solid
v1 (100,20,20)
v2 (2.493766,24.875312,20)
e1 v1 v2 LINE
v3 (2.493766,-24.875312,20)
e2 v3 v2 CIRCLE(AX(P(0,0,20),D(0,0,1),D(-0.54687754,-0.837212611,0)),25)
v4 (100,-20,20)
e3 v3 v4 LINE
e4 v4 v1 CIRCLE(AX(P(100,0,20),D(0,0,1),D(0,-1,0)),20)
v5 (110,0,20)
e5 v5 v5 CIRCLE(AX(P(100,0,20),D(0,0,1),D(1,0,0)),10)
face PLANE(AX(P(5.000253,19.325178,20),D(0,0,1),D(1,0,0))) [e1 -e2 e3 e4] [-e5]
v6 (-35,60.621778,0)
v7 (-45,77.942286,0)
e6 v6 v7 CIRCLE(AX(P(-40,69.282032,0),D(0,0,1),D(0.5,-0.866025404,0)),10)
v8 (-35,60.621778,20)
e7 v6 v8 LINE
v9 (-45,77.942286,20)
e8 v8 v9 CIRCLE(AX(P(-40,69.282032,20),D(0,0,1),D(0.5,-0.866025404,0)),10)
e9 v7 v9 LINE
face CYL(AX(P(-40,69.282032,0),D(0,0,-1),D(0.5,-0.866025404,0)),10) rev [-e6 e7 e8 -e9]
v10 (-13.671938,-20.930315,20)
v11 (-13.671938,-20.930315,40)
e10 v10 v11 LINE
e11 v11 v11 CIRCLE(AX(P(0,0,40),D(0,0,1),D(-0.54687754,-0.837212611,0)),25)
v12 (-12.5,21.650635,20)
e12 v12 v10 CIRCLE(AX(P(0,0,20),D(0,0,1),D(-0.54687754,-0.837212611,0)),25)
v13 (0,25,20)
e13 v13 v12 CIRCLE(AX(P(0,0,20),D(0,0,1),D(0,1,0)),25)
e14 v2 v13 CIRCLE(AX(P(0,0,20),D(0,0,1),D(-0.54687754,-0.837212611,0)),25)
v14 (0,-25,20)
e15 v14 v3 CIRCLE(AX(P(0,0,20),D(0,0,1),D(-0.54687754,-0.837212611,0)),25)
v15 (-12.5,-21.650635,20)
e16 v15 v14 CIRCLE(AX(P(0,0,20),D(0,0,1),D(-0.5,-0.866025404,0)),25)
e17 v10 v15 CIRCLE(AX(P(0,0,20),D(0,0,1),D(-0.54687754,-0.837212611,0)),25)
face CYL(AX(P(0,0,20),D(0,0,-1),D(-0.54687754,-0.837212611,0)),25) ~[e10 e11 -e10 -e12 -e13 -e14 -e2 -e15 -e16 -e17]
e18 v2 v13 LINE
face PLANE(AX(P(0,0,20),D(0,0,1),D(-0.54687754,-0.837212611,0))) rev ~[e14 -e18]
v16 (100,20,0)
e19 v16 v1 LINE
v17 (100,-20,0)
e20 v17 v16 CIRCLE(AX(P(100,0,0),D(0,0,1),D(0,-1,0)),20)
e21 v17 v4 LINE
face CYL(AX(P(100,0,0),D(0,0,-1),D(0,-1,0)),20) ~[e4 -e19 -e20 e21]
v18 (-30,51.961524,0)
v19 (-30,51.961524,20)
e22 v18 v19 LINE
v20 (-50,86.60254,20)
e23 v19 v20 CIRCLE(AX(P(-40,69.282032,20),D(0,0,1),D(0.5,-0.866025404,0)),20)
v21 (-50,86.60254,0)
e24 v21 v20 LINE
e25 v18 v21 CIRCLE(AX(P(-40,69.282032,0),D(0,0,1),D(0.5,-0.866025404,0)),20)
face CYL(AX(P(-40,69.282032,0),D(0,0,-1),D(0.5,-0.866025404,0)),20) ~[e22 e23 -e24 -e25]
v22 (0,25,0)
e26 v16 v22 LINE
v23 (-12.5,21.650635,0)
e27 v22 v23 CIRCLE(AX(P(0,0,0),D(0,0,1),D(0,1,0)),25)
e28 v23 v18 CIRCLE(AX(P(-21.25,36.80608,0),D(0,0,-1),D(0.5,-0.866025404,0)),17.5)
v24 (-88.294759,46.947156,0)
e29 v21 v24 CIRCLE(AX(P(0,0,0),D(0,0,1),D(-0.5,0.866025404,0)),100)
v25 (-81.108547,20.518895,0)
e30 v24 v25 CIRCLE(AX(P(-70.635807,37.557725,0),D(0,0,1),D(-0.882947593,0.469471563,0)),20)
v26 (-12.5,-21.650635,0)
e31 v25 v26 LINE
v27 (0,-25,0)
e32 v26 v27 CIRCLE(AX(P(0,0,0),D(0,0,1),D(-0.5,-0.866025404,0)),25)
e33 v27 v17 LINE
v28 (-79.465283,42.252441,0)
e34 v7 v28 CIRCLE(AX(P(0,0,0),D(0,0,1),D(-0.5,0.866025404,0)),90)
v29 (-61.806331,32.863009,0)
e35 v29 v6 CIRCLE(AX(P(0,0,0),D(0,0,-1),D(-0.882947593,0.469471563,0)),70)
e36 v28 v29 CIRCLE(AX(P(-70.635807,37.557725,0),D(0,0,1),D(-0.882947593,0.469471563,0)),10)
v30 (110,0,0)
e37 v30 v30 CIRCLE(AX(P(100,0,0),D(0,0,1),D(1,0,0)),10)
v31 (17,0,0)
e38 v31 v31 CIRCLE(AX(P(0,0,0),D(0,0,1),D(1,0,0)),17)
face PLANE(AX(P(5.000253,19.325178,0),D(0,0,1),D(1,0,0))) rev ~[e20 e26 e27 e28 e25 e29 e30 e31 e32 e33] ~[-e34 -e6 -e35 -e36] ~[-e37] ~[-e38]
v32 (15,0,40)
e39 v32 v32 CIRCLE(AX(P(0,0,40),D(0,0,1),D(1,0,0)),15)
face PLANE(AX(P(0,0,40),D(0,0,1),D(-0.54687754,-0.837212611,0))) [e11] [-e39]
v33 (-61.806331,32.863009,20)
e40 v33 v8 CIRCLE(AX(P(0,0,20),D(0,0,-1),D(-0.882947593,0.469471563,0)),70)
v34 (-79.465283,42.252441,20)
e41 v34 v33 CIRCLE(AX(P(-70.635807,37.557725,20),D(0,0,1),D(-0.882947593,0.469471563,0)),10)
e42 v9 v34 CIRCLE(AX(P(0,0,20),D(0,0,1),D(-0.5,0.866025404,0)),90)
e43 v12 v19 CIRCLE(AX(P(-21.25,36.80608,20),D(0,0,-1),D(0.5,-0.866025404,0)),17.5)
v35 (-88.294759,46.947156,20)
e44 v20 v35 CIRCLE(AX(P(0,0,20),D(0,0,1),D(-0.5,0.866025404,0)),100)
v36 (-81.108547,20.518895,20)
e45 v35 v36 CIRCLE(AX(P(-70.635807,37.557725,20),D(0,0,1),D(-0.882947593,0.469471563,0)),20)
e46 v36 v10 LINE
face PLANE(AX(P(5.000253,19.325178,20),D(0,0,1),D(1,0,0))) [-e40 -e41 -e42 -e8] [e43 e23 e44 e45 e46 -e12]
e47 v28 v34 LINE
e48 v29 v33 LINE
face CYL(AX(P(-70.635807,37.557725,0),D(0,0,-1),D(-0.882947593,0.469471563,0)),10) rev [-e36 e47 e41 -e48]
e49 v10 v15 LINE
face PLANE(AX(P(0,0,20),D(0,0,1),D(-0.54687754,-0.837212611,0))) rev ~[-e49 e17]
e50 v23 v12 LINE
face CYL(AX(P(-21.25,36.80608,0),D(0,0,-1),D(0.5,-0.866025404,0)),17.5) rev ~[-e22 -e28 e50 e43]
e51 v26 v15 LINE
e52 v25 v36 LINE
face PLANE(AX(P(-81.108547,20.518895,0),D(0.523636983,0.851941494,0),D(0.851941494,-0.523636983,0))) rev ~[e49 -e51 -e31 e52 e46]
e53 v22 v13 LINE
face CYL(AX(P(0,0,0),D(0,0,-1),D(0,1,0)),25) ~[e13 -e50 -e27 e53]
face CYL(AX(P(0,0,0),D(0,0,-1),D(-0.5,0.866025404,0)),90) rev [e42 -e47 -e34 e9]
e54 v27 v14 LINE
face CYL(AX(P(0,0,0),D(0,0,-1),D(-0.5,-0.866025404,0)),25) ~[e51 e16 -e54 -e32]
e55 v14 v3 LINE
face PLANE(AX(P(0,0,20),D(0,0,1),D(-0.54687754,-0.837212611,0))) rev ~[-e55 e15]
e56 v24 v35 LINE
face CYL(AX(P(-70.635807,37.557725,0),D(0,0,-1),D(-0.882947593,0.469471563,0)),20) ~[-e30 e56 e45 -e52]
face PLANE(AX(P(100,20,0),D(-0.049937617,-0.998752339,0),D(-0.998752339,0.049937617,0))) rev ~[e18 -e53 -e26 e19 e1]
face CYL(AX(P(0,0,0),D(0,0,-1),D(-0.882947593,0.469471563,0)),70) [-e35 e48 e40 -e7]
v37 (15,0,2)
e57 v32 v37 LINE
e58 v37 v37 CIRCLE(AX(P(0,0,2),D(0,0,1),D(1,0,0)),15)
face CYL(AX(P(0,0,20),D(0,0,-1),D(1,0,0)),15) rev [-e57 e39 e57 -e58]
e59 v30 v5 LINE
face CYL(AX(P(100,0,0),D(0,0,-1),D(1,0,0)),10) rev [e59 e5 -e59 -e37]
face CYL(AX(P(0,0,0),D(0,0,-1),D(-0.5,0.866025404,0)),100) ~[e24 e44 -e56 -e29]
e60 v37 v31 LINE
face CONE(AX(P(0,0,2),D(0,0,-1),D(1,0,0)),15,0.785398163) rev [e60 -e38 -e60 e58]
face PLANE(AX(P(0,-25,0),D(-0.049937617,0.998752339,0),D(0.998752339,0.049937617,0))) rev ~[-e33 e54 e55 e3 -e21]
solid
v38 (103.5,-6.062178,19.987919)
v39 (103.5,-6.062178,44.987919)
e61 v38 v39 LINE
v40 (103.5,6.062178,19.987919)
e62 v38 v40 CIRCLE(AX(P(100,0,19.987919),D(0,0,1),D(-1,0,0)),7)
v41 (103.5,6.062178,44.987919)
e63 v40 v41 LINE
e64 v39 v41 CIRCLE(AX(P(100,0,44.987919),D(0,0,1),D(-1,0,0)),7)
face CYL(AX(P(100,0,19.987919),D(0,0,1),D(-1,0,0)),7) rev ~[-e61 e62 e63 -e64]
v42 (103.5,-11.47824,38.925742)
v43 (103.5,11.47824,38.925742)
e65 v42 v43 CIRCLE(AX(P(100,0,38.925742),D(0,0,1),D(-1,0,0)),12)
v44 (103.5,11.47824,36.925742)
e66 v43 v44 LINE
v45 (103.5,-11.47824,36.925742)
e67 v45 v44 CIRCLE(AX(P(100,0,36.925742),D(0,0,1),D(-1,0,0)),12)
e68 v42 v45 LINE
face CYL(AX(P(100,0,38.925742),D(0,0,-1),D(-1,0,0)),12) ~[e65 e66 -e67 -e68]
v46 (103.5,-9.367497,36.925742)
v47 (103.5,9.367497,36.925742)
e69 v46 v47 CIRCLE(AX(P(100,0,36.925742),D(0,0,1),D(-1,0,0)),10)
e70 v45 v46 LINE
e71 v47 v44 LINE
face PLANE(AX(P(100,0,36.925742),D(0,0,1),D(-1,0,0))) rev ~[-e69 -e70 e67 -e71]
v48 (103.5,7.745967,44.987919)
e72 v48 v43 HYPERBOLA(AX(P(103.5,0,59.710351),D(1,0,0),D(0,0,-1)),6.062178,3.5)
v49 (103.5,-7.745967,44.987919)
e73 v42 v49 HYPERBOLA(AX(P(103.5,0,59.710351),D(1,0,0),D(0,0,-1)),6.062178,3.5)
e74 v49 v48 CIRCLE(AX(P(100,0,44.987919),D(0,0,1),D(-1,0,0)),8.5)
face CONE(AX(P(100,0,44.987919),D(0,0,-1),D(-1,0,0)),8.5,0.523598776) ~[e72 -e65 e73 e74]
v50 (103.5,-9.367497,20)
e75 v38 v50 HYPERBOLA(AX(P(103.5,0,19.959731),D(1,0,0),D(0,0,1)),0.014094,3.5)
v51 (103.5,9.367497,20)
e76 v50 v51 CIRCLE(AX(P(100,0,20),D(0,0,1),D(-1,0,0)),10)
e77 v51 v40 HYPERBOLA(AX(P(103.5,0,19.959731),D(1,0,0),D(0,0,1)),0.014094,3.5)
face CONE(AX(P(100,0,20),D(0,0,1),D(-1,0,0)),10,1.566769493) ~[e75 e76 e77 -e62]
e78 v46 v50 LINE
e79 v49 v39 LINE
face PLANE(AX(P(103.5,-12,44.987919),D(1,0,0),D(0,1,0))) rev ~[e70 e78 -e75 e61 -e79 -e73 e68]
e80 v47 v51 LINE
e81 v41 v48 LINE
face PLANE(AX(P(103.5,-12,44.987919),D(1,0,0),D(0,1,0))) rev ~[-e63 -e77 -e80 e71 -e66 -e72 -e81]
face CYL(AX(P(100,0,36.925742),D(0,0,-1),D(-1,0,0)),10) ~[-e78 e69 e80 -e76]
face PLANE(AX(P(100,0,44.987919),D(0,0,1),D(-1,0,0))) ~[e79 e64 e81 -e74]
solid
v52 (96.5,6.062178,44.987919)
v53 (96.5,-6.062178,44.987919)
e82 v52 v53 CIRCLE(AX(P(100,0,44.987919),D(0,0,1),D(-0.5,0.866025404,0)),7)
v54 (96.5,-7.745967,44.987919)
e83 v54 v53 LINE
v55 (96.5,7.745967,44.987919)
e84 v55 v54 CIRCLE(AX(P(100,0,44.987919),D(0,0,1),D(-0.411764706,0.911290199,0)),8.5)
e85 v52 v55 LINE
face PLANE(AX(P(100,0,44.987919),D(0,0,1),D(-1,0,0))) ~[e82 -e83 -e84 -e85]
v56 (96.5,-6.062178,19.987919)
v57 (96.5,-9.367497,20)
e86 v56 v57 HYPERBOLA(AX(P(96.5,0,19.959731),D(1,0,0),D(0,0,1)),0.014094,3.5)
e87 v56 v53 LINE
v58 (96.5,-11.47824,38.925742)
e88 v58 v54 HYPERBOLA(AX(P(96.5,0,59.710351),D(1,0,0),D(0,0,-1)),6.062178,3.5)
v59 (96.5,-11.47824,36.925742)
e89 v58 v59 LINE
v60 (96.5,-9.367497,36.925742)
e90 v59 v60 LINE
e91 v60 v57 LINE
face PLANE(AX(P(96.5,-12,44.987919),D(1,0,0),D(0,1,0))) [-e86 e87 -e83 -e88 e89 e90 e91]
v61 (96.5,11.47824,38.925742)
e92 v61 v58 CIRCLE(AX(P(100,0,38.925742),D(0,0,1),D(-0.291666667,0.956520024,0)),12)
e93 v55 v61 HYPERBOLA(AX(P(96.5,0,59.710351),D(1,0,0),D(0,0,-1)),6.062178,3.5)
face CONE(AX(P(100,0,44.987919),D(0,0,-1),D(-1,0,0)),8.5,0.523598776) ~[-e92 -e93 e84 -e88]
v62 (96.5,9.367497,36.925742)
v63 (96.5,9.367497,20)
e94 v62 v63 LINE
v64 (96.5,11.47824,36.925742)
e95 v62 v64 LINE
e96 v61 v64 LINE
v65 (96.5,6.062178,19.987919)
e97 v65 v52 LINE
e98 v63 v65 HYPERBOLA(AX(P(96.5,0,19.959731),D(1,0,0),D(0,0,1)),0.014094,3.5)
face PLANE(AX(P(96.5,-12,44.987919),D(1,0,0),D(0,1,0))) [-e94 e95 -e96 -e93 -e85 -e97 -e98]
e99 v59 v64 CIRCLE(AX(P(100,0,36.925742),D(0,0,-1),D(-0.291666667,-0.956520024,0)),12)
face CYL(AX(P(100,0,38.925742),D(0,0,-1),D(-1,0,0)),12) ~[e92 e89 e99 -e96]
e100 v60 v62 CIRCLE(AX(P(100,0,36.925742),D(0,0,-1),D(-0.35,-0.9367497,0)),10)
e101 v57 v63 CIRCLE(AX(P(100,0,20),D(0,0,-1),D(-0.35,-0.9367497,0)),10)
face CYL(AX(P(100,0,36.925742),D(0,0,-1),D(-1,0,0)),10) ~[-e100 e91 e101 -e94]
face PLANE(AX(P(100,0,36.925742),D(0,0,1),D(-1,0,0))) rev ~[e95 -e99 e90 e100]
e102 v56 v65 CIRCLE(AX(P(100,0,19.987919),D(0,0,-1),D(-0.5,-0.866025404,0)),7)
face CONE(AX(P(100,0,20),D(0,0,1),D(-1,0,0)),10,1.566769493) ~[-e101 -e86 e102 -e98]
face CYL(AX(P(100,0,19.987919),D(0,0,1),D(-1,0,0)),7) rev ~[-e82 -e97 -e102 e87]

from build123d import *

# Parameters (mm, degrees)
ESQUISSE1_R             = 15
ESQUISSE1_R_2           = 10
BOSS_EXTRU_1_DEPTH      = 20
ESQUISSE2_R             = 25
ESQUISSE2_R_2           = 15
BOSS_EXTRU_2_DEPTH      = 20
CHANFREIN1_SIZE         = 2
ESQUISSE6_W             = 7
ESQUISSE6_H             = 24
ENL_V_MAT_EXTRU_2_DEPTH = 25


with BuildPart() as part:
    # Esquisse1 → Boss.-Extru.1 (new body)
    with BuildSketch(Plane.XY):
        with BuildLine():
            Line((0, -25), (100, -20))
            ThreePointArc((100, -20), (120, 0), (100, 20))
            Line((100, 20), (0, 25))
            ThreePointArc((0, 25), (-6.470476128, 24.148145657), (-12.5, 21.650635095))
            ThreePointArc((-12.5, 21.650635095), (-36.405444566, 28.056079661), (-30, 51.961524227))
            ThreePointArc((-30, 51.961524227), (-22.679491924, 79.282032303), (-50, 86.602540378))
            ThreePointArc((-50, 86.602540378), (-71.933980034, 69.465837046), (-88.294759286, 46.947156279))
            ThreePointArc((-88.294759286, 46.947156279), (-89.935062951, 32.30998872), (-81.108547088, 20.518895133))
            Line((-81.108547088, 20.518895133), (-12.5, -21.650635095))
            ThreePointArc((-12.5, -21.650635095), (-6.470476128, -24.148145657), (0, -25))
        make_face()
        Circle(ESQUISSE1_R, mode=Mode.SUBTRACT)
        with Locations((100, 0)):
            Circle(ESQUISSE1_R_2, mode=Mode.SUBTRACT)
        with BuildLine():
            ThreePointArc((-45, 77.942286341), (-64.74058203, 62.519253341), (-79.465283357, 42.252440651))
            ThreePointArc((-79.465283357, 42.252440651), (-75.330523057, 28.728249094), (-61.8063315, 32.863009395))
            ThreePointArc((-61.8063315, 32.863009395), (-50.353786024, 48.626085932), (-35, 60.621778265))
            ThreePointArc((-35, 60.621778265), (-31.339745962, 74.282032303), (-45, 77.942286341))
        make_face(mode=Mode.SUBTRACT)
    extrude(amount=BOSS_EXTRU_1_DEPTH)

    # Esquisse2 → Boss.-Extru.2 (add)
    with BuildSketch(Plane.XY.offset(20)):
        with Locations(Location((0, 0, 0), (0, 0, 236.846938275))):
            Circle(ESQUISSE2_R)
        Circle(ESQUISSE2_R_2, mode=Mode.SUBTRACT)
    extrude(amount=BOSS_EXTRU_2_DEPTH)

    # Chanfrein1
    chanfrein1_edges = [part.edges().sort_by_distance(p)[0] for p in [
        (-15, 0, 0),
    ]]
    chamfer(chanfrein1_edges, length=CHANFREIN1_SIZE)


with BuildPart() as body_2:
    # Esquisse5 → Révolution3 (revolve)
    with BuildSketch(Plane(origin=(100, 0, 0), x_dir=(0, 0, -1), z_dir=(1, 0, 0)), mode=Mode.PRIVATE) as r_volution3_sk:
        Polygon((-19.987919434, 7), (-44.987919434, 7), (-44.987919434, 8.5), (-38.925741608, 12), (-36.925741608, 12), (-36.925741608, 10), (-20, 10), align=None)
    revolve(r_volution3_sk.sketch.rotate(Axis((100, 0, 0), (0, 0, 1)), 90), axis=Axis((100, 0, 0), (0, 0, 1)))

    # Esquisse6 → Enlèv. mat.-Extru.2 (cut)
    with BuildSketch(Plane.XY.offset(44.987919434)):
        with Locations((100, 0)):
            Rectangle(ESQUISSE6_W, ESQUISSE6_H)
    extrude(amount=-ENL_V_MAT_EXTRU_2_DEPTH, mode=Mode.SUBTRACT)


with BuildPart() as enl_v_mat_extru_2_piece_1:
    # of the separate pieces the step leaves, piece 1, a body of its own (enl_v_mat_extru_2_pieces)
    add(body_2.part.solids().sort_by_distance((96.5, 6.062177826, 44.987919434))[0])


with BuildPart() as enl_v_mat_extru_2_piece_2:
    # of the separate pieces the step leaves, piece 2, a body of its own (enl_v_mat_extru_2_pieces)
    add(body_2.part.solids().sort_by_distance((103.5, -6.062177826, 19.987919434))[0])


solid = Compound([part.part, enl_v_mat_extru_2_piece_1.part, enl_v_mat_extru_2_piece_2.part])
